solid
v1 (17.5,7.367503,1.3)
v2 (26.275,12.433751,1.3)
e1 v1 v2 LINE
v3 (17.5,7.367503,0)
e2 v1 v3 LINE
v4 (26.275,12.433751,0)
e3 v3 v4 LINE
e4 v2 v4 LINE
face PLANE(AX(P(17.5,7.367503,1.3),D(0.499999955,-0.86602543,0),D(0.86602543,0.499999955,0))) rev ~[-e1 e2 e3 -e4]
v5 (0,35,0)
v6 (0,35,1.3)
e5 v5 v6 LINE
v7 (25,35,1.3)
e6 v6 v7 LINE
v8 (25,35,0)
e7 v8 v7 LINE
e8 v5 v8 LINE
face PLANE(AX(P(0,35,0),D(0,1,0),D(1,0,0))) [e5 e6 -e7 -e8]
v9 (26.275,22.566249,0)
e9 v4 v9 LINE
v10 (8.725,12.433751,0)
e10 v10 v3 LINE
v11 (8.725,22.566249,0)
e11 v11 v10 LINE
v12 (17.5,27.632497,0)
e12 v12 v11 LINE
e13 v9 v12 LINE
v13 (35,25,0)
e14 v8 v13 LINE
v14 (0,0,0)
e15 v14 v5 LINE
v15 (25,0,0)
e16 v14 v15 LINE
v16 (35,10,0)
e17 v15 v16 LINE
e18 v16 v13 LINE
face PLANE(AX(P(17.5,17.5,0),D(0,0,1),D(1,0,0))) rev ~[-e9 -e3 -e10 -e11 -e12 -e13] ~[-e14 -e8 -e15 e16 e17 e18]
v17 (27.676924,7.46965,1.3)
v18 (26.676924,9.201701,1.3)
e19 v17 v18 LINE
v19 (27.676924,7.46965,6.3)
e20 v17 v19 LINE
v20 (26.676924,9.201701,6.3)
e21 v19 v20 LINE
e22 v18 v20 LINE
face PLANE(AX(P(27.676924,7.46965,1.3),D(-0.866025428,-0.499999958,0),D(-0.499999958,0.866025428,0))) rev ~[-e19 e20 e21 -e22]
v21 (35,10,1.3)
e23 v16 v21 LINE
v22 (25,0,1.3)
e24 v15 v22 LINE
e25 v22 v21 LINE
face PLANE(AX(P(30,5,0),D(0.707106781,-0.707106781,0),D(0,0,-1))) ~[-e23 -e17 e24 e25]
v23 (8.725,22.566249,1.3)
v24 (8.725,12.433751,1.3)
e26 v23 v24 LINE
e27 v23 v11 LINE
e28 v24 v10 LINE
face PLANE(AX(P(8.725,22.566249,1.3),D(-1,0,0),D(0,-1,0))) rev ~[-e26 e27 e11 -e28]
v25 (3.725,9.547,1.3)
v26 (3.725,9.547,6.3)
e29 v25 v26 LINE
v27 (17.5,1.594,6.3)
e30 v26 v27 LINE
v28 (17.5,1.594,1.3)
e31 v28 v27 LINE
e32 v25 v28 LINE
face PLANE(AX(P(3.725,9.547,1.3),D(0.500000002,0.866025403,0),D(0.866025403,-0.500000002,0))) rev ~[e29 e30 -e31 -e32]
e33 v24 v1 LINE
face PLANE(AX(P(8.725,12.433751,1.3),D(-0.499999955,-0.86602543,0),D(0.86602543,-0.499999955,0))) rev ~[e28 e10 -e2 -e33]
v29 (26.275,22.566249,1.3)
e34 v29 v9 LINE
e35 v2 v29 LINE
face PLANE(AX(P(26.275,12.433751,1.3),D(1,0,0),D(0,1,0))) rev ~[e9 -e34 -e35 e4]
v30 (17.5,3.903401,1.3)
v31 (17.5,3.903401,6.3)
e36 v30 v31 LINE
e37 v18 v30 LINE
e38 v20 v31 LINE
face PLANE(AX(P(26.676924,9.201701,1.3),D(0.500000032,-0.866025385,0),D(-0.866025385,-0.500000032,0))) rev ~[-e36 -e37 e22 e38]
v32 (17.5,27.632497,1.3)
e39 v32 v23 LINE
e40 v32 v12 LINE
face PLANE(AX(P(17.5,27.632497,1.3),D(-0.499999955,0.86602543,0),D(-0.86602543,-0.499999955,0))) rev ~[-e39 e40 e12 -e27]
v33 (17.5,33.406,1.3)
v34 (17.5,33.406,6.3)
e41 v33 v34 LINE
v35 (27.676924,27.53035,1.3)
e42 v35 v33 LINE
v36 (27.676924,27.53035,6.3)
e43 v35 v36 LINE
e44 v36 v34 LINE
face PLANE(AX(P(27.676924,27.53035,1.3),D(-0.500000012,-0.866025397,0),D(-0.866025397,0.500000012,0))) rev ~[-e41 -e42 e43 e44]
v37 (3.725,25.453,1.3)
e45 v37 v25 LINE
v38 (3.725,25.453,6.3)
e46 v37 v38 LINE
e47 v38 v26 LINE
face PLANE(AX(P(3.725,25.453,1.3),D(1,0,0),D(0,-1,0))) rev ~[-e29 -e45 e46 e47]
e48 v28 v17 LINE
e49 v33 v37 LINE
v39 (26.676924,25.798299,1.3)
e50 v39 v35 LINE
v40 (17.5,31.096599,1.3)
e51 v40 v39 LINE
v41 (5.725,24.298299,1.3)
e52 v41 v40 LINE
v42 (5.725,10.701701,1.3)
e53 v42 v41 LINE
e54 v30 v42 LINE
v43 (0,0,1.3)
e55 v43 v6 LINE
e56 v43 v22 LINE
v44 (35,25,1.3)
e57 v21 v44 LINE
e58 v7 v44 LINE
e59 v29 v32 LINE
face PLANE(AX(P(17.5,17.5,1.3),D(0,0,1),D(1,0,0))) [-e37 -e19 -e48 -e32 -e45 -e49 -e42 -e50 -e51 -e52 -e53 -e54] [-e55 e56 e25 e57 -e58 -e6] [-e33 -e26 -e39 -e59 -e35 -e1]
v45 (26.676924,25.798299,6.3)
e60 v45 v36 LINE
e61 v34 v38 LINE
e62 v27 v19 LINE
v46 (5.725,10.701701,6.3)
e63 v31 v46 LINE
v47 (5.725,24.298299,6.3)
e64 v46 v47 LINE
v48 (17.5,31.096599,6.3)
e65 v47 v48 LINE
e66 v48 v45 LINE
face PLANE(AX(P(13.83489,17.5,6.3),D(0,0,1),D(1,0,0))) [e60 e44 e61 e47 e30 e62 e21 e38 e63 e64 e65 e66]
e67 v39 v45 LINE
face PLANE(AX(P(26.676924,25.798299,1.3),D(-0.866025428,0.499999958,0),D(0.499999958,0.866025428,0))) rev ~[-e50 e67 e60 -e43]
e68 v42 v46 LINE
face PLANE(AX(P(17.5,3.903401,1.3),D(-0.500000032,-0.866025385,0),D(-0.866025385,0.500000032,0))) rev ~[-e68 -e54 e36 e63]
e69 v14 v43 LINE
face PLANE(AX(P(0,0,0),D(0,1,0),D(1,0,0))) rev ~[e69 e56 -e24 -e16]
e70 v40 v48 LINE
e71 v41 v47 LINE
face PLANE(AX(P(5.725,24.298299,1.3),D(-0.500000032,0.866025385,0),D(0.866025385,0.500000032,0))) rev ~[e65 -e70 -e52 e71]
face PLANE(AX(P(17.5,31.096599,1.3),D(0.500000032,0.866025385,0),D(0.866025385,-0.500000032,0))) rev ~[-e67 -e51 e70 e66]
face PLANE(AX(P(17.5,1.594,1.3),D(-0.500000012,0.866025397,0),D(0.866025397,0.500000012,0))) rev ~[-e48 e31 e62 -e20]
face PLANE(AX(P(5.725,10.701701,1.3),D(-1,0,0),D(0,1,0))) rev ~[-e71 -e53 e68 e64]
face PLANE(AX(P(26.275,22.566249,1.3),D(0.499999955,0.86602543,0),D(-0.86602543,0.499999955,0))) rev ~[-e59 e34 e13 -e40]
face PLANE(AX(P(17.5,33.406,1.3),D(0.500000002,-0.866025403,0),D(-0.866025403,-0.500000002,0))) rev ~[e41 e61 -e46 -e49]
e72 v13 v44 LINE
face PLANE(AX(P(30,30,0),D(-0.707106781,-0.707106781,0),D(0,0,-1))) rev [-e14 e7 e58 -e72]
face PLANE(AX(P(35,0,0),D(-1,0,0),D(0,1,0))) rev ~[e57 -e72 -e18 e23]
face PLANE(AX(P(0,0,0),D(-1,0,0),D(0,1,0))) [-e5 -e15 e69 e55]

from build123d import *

# Parameters (mm, degrees)
F0_W     = 35
F0_H     = 35
F1_DEPTH = 1.3
F3_DEPTH = 25
F4_DEPTH = 5
F5_SIZE  = 10


with BuildPart() as f1:
    # F0 (on Top) → F1 (new body)
    with BuildSketch(Plane.XY):
        with Locations((17.5, 17.5)):
            Rectangle(F0_W, F0_H)
    extrude(amount=F1_DEPTH)

    # F2 (on face) → F3 (cut)
    with BuildSketch(Plane.XY.offset(1.3)):
        Polygon((26.275, 22.566249), (17.5, 27.632497), (8.725, 22.566249), (8.725, 12.433751), (17.5, 7.367503), (26.275, 12.433751), align=None)
    extrude(amount=-F3_DEPTH, mode=Mode.SUBTRACT)

    # F2 (on face) → F4 (join)
    with BuildSketch(Plane.XY.offset(1.3)):
        Polygon((5.725, 10.701701), (5.725, 24.298299), (17.5, 31.096599), (26.676924, 25.798299), (27.676924, 27.53035), (17.5, 33.406), (3.725, 25.453), (3.725, 9.547), (17.5, 1.594), (27.676924, 7.46965), (26.676924, 9.201701), (17.5, 3.903401), align=None)
    extrude(amount=F4_DEPTH)

    # F5
    f5_edges = [f1.edges().sort_by_distance(p)[0] for p in [
        (35, 0, 0.65),
        (35, 35, 0.65),
    ]]
    chamfer(f5_edges, length=F5_SIZE)


solid = f1.part
